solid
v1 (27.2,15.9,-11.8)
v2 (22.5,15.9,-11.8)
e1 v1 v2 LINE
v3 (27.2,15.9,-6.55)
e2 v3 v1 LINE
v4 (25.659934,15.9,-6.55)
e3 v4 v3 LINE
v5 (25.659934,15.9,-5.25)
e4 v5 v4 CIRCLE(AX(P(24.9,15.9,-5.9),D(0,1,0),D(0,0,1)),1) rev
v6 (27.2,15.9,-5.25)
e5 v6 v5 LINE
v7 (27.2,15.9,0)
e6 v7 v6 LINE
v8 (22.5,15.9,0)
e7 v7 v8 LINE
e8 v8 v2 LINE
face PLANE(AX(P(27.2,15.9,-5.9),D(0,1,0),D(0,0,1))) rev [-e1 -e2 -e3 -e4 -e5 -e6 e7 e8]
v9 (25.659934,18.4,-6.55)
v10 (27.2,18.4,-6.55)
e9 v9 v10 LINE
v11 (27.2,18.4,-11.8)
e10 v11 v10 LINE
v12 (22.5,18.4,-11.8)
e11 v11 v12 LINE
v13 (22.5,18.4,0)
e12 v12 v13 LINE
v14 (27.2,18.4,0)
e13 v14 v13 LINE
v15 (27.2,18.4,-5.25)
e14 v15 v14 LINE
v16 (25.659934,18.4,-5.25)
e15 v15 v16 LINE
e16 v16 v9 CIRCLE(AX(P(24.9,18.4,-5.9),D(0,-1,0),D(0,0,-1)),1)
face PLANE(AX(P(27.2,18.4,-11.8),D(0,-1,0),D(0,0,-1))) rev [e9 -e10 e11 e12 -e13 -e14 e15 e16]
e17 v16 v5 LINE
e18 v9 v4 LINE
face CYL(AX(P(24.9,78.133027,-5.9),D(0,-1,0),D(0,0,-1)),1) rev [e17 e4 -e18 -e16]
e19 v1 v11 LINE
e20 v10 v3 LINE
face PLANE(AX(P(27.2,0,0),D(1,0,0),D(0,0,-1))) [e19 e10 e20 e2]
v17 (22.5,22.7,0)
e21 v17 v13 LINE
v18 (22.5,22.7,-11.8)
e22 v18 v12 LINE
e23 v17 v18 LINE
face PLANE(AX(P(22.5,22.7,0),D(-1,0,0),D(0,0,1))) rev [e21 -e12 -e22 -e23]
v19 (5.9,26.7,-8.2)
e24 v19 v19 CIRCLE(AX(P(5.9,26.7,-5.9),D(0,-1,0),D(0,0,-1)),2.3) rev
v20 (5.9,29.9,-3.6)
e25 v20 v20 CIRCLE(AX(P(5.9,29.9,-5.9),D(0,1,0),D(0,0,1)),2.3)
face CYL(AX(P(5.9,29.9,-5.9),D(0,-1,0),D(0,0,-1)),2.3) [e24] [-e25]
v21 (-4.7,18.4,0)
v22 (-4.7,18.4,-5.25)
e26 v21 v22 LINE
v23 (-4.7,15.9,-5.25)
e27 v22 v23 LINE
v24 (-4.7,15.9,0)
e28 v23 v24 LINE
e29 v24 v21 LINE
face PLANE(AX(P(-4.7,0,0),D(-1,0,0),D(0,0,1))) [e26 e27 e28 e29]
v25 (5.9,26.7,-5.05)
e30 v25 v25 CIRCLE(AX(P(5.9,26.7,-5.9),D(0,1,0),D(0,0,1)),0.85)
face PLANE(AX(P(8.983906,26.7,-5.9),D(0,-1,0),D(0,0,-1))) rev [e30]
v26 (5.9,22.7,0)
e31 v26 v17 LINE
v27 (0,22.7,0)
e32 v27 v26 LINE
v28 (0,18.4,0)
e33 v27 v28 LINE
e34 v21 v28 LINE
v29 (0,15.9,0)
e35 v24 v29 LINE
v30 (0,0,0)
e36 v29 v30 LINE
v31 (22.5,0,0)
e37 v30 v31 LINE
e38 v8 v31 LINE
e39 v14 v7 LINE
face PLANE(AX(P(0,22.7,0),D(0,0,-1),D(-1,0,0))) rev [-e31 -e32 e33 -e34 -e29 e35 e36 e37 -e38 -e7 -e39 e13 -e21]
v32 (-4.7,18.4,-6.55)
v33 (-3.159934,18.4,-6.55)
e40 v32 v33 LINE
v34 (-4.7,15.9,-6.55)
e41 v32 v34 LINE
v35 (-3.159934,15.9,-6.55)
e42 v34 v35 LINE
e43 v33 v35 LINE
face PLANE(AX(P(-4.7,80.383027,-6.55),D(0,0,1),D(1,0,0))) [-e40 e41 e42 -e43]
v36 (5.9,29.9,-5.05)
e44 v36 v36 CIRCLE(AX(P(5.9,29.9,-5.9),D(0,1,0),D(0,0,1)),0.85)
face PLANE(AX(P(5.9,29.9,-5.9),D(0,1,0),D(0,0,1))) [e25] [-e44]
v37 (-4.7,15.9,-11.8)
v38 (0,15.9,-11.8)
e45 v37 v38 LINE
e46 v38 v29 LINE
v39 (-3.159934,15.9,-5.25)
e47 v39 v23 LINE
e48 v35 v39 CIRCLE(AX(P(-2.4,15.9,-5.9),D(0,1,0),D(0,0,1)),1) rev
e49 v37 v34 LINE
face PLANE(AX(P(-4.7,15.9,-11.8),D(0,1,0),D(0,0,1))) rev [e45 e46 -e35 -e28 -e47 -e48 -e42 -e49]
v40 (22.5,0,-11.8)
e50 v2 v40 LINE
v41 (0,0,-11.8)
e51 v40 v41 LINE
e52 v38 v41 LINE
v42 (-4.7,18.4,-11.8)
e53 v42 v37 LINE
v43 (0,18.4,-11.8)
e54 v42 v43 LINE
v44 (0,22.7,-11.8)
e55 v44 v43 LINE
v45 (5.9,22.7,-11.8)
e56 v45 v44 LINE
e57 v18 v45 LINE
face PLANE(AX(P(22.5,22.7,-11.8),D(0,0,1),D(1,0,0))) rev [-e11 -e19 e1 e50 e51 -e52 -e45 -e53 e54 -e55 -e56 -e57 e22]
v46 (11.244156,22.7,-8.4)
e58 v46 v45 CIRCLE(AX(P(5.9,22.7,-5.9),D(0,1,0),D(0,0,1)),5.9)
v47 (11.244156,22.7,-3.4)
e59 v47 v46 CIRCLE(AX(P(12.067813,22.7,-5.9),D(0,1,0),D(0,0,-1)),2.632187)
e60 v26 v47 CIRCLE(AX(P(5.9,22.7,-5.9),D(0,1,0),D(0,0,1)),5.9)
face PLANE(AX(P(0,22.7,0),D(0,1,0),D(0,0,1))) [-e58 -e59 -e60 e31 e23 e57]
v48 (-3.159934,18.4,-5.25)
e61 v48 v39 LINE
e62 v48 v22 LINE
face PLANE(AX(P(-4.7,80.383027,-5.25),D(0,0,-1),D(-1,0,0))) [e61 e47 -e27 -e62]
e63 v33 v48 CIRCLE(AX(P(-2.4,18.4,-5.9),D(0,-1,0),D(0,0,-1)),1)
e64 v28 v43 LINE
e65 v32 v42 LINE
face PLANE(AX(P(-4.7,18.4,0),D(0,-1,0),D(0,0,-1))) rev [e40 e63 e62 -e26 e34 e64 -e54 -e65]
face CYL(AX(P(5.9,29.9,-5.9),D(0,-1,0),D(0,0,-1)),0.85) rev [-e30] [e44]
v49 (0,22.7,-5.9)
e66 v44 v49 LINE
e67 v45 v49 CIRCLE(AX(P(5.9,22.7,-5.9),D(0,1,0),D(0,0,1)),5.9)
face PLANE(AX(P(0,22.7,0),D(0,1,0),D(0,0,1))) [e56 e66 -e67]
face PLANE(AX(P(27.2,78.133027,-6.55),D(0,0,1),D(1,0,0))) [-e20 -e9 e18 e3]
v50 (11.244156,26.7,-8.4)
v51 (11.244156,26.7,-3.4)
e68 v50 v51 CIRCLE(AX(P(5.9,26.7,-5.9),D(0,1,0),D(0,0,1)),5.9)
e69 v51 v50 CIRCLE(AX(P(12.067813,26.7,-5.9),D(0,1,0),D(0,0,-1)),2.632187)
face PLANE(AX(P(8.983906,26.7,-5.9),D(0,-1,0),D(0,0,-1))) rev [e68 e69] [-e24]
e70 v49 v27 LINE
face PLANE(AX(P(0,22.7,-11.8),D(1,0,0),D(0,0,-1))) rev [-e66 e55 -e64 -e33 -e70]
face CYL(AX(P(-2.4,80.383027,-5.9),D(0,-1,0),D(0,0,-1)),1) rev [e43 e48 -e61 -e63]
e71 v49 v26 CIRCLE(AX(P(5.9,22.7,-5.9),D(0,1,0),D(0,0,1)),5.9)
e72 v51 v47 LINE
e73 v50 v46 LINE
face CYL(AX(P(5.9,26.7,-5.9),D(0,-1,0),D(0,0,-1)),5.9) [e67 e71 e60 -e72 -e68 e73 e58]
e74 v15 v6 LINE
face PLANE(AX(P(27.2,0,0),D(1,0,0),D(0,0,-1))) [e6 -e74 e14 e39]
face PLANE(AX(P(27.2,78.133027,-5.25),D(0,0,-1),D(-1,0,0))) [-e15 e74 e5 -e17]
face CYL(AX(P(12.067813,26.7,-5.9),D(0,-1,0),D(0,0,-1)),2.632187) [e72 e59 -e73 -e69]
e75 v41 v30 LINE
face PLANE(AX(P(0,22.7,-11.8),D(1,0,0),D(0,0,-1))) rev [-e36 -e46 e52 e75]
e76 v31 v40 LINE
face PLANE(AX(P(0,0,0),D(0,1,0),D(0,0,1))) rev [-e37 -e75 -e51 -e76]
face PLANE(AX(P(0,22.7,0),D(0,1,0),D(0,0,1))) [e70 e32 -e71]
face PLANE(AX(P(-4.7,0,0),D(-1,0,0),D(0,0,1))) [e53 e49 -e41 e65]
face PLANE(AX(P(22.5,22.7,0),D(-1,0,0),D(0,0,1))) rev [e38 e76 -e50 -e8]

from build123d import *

# Parameters (mm, degrees)
ESBO_O1_W                  = 22.5
ESBO_O1_H                  = 11.8
RESSALTO_EXTRUS_O1_DEPTH   = 22.7
ESBO_O2_W                  = 11.8
ESBO_O2_H                  = 2.5
RESSALTO_EXTRUS_O2_DEPTH   = 4.7
RESSALTO_EXTRUS_O3_DEPTH   = 4.7
RESSALTO_EXTRUS_O4_DEPTH   = 4
ESBO_O5_R                  = 2.3
ESBO_O5_R_2                = 0.85
RESSALTO_EXTRUS_O5_DEPTH   = 3.2
CORTE_EXTRUS_O1_DEPTH      = 35.894698738
CORTE_EXTRUS_O1_DEPTH_BACK = 3.2
CORTE_EXTRUS_O2_DEPTH      = 35.894698738
CORTE_EXTRUS_O2_DEPTH_BACK = 3.2


with BuildPart() as part:
    # Esboço1 → Ressalto-extrusão1 (new body)
    with BuildSketch(Plane(origin=(0, 0, 0), x_dir=(1, 0, 0), z_dir=(0, 1, 0))):
        with Locations((11.25, 5.9)):
            Rectangle(ESBO_O1_W, ESBO_O1_H)
    extrude(amount=RESSALTO_EXTRUS_O1_DEPTH)

    # Esboço2 → Ressalto-extrusão2 (add)
    with BuildSketch(Plane.ZY):
        with Locations((-5.9, 17.15)):
            Rectangle(ESBO_O2_W, ESBO_O2_H)
    extrude(amount=RESSALTO_EXTRUS_O2_DEPTH)

    # Esboço3 → Ressalto-extrusão3 (add)
    with BuildSketch(Plane(origin=(22.5, 0, 0), x_dir=(0, 0, -1), z_dir=(1, 0, 0))):
        Polygon((5.9, 15.9), (11.8, 15.9), (11.8, 18.4), (0, 18.4), (0, 15.9), align=None)
    extrude(amount=RESSALTO_EXTRUS_O3_DEPTH)

    # Esboço4 → Ressalto-extrusão4 (add)
    with BuildSketch(Plane(origin=(0, 22.7, 0), x_dir=(1, 0, 0), z_dir=(0, 1, 0))):
        with BuildLine():
            ThreePointArc((11.244155686, 8.4), (0, 5.9), (11.244155686, 3.4))
            ThreePointArc((11.244155686, 3.4), (14.7, 5.9), (11.244155686, 8.4))
        make_face()
    extrude(amount=RESSALTO_EXTRUS_O4_DEPTH)

    # Esboço5 → Ressalto-extrusão5 (add)
    with BuildSketch(Plane(origin=(0, 26.7, 0), x_dir=(1, 0, 0), z_dir=(0, 1, 0))):
        with Locations(Location((5.9, 5.9, 0), (0, 0, 90))):
            Circle(ESBO_O5_R)
        with Locations(Location((5.9, 5.9, 0), (0, 0, 270))):
            Circle(ESBO_O5_R_2, mode=Mode.SUBTRACT)
    extrude(amount=RESSALTO_EXTRUS_O5_DEPTH)

    # Esboço6 → Corte-extrusão1 (cut, two sides: drawn at the far end of the back side and taken through both)
    with BuildSketch(Plane(origin=(0, 18.4, 0), x_dir=(1, 0, 0), z_dir=(0, 1, 0)).offset(-CORTE_EXTRUS_O1_DEPTH_BACK)):
        with BuildLine():
            Line((-3.159934208, 6.55), (-4.7, 6.55))
            Line((-4.7, 6.55), (-4.7, 5.25))
            Line((-4.7, 5.25), (-3.159934208, 5.25))
            ThreePointArc((-3.159934208, 5.25), (-1.4, 5.9), (-3.159934208, 6.55))
        make_face()
    extrude(amount=CORTE_EXTRUS_O1_DEPTH + CORTE_EXTRUS_O1_DEPTH_BACK, mode=Mode.SUBTRACT)

    # Esboço7 → Corte-extrusão2 (cut, two sides: drawn at the far end of the back side and taken through both)
    with BuildSketch(Plane(origin=(0, 18.4, 0), x_dir=(1, 0, 0), z_dir=(0, 1, 0)).offset(-CORTE_EXTRUS_O2_DEPTH_BACK)):
        with BuildLine():
            Line((25.659934208, 5.25), (27.2, 5.25))
            Line((27.2, 5.25), (27.2, 6.55))
            Line((27.2, 6.55), (25.659934208, 6.55))
            ThreePointArc((25.659934208, 6.55), (23.9, 5.9), (25.659934208, 5.25))
        make_face()
    extrude(amount=CORTE_EXTRUS_O2_DEPTH + CORTE_EXTRUS_O2_DEPTH_BACK, mode=Mode.SUBTRACT)


solid = part.part
